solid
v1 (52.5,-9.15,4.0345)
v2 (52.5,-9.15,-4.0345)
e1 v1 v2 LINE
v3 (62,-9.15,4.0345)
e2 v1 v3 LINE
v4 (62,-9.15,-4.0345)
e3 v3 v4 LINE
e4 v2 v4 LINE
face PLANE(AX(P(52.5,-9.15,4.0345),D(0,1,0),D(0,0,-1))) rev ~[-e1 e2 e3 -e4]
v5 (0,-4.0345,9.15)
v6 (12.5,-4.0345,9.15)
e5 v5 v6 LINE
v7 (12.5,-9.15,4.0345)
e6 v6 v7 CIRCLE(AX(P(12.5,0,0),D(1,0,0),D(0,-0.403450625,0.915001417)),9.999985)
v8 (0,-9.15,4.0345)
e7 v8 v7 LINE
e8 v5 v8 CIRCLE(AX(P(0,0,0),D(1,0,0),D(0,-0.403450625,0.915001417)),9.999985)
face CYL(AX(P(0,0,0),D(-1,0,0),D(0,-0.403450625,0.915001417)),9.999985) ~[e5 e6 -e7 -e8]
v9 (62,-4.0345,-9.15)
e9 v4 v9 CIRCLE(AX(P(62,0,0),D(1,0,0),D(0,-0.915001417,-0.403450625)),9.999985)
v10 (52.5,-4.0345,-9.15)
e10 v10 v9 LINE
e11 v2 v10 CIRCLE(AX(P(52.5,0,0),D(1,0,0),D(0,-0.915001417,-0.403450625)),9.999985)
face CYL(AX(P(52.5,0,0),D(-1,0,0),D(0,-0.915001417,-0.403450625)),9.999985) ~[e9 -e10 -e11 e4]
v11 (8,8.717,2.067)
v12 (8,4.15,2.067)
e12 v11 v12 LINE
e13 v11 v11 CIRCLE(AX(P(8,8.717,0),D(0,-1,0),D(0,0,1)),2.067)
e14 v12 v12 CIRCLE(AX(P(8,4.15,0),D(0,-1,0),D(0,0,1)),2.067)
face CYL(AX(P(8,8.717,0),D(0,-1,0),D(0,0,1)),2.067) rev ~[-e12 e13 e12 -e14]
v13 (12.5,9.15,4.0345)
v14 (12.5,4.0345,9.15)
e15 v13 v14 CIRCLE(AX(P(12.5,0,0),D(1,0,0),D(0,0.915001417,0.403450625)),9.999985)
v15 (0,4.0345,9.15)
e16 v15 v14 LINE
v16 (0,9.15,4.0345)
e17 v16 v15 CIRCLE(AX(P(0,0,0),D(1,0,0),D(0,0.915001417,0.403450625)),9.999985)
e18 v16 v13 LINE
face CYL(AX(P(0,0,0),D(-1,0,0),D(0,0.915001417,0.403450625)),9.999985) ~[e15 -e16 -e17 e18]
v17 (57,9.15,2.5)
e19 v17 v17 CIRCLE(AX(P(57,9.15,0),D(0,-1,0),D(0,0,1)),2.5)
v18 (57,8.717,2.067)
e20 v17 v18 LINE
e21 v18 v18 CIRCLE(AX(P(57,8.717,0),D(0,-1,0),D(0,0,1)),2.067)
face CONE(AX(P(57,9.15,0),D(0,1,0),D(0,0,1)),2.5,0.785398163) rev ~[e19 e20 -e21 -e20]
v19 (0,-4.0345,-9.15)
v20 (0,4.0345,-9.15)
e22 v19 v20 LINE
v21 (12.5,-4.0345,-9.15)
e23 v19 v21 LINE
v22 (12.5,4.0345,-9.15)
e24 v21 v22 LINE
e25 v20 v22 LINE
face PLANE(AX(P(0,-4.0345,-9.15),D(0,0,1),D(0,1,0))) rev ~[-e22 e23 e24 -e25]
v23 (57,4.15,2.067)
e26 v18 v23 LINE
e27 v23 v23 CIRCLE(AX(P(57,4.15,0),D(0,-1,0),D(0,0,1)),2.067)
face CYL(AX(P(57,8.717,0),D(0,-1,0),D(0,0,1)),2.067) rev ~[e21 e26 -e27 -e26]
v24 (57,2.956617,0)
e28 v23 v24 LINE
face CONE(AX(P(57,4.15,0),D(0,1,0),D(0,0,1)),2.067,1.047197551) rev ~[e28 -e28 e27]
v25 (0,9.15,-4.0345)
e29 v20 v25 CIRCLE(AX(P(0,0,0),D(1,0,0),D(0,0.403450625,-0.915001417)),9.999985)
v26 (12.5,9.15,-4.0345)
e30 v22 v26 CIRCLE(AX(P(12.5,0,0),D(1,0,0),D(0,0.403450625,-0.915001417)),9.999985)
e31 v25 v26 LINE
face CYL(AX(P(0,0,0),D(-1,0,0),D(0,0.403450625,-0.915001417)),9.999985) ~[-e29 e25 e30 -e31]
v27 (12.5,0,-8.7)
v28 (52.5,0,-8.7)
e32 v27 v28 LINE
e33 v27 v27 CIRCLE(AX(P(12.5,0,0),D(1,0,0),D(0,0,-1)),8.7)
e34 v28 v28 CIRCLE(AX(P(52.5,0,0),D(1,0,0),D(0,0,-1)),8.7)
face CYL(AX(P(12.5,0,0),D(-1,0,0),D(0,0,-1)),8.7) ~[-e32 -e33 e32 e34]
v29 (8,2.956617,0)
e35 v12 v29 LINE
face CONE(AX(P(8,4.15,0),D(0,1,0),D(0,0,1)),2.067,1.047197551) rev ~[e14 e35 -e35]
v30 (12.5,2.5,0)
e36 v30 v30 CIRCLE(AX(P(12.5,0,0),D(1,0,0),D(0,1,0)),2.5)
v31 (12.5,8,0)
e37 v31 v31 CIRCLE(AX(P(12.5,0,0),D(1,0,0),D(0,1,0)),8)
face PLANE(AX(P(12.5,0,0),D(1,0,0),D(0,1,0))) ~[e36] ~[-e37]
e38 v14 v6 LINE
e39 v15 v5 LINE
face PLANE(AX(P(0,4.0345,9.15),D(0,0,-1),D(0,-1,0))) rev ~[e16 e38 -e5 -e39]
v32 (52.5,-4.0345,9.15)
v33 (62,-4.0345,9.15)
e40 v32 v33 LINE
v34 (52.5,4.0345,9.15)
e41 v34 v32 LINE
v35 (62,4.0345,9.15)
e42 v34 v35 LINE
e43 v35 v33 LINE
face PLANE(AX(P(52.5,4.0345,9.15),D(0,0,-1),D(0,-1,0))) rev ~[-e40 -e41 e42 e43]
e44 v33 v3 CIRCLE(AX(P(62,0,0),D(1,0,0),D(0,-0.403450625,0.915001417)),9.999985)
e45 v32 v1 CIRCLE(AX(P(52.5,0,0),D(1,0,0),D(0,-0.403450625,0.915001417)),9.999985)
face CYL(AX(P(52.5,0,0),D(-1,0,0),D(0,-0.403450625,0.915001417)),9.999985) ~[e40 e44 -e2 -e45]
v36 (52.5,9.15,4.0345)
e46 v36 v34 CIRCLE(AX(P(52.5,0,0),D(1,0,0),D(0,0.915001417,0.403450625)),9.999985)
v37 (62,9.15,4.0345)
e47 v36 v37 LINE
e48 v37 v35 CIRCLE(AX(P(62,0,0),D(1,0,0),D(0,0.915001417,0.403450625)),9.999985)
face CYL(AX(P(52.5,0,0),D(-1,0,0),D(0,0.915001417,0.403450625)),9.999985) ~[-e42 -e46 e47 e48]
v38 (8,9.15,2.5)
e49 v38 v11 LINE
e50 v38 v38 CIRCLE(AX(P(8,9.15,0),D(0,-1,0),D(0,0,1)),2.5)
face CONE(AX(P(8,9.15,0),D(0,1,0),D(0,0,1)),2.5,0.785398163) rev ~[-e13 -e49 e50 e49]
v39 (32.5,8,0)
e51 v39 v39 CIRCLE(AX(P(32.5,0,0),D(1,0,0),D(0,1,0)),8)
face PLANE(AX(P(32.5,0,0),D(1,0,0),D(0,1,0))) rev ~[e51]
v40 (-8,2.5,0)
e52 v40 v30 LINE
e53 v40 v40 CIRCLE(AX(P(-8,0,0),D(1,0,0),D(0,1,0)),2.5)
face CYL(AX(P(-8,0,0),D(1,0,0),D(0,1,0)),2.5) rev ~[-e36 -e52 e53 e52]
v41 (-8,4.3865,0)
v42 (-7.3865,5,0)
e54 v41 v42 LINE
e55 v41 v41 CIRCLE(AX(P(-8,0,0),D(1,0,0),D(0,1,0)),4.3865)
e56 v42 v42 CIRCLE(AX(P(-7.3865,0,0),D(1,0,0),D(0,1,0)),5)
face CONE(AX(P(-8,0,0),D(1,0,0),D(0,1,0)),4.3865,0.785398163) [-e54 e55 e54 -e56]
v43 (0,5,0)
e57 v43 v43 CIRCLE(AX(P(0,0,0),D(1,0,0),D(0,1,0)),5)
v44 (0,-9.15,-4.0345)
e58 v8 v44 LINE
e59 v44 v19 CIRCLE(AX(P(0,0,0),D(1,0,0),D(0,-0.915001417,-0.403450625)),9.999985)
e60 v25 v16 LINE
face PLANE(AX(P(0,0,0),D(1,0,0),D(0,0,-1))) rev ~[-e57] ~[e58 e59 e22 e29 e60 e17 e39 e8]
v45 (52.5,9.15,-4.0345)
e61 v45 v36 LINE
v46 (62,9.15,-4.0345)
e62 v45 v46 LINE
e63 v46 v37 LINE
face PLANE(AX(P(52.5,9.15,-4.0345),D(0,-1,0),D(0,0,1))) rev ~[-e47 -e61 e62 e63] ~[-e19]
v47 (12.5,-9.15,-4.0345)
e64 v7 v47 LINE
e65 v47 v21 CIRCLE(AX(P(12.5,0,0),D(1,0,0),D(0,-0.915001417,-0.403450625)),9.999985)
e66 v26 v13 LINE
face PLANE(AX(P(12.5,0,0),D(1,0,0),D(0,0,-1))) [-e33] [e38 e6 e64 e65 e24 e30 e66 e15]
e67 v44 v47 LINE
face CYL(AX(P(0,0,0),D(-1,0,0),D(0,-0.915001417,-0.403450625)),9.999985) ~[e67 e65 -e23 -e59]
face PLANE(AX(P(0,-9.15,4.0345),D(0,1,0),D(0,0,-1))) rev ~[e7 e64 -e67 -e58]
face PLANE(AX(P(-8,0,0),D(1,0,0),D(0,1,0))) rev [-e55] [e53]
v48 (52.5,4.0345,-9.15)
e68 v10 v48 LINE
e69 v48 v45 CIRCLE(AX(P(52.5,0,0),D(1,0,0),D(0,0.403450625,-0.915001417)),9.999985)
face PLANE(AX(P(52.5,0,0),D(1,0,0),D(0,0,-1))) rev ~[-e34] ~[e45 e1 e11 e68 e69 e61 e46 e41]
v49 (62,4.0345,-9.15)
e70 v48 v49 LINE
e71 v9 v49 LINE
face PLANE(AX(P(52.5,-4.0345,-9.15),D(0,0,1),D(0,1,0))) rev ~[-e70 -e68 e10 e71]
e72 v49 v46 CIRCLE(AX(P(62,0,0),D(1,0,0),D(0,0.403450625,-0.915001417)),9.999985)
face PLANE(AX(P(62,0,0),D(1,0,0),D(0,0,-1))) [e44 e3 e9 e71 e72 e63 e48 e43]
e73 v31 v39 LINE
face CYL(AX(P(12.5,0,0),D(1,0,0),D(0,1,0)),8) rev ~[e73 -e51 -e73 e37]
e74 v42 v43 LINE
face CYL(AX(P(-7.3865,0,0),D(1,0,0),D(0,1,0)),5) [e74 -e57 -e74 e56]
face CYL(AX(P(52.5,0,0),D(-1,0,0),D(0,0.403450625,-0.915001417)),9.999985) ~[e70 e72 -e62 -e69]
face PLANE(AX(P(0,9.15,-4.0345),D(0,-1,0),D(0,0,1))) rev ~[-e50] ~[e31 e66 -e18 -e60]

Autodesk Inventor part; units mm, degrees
sketch "Sketch_8" plane through (0, 0, 0) normal (0, 0, 1) x (1, 0, 0)
  line L0 (0, 0) -> (-8, 0)
  line L1 (-8, 0) -> (-8, 4.3865)
  line L2 (-8, 4.3865) -> (-7.3865, 5)
  line L3 (-7.3865, 5) -> (0, 5)
  line L4 (0, 5) -> (0, 0)
  line L5 (0, 0) -> (-8, 0)
revolve "Revolution1" add sketch "Sketch_8" angle 360 about axis through (0, 0, 0) along (1, 0, 0)
thread "Thread1" size "M10x1" class "6g" standard "ISO Metric profile" length 5.8865
sketch "Sketch_9" plane through (0, 0, 0) normal (1, 0, 0) x (0, 0, -1)
  line L0 (-9.15, 4.0345) -> (-9.15, -4.0345)
  arc A0 (-9.15, -4.0345) -> (-4.0345, -9.15) centre (0, 0) ccw
  line L1 (-4.0345, -9.15) -> (4.0345, -9.15)
  arc A1 (4.0345, -9.15) -> (9.15, -4.0345) centre (0, 0) ccw
  line L2 (9.15, -4.0345) -> (9.15, 4.0345)
  arc A2 (9.15, 4.0345) -> (4.0345, 9.15) centre (0, 0) ccw
  line L3 (4.0345, 9.15) -> (-4.0345, 9.15)
  arc A3 (-4.0345, 9.15) -> (-9.15, 4.0345) centre (0, 0) ccw
extrude "Extrusion1" add sketch "Sketch_9" along normal blind 12.5
sketch "Sketch_11" plane through (12.5, 0, 0) normal (1, 0, 0) x (0, 0, -1)
  circle A0 centre (0, 0) radius 8.7
extrude "Extrusion2" add sketch "Sketch_11" along normal blind 40
sketch "Sketch_10" plane through (52.5, 0, 0) normal (1, 0, 0) x (0, 0, -1)
  line L0 (-9.15, 4.0345) -> (-9.15, -4.0345)
  arc A0 (-9.15, -4.0345) -> (-4.0345, -9.15) centre (0, 0) ccw
  line L1 (-4.0345, -9.15) -> (4.0345, -9.15)
  arc A1 (4.0345, -9.15) -> (9.15, -4.0345) centre (0, 0) ccw
  line L2 (9.15, -4.0345) -> (9.15, 4.0345)
  arc A2 (9.15, 4.0345) -> (4.0345, 9.15) centre (0, 0) ccw
  line L3 (4.0345, 9.15) -> (-4.0345, 9.15)
  arc A3 (-4.0345, 9.15) -> (-9.15, 4.0345) centre (0, 0) ccw
extrude "Extrusion3" add sketch "Sketch_10" along normal blind 9.5
sketch "Sketch5" plane through (0, 9.15, 4.0345) normal (0, 1, 0) x (1, 0, 0)
  point P0 (8, 4.0345)
hole "Hole1" at (8, 9.15, 0) direction (0, -1, 0) diameter 4.134 depth 5 tip angle 120 countersink diameter 5 countersink angle 90 thread size "M5x0.8" class "6H" standard "ISO Metric profile"
sketch "Sketch6" plane through (52.5, 9.15, 4.0345) normal (0, 1, 0) x (1, 0, 0)
  point P0 (4.5, 4.0345)
hole "Hole2" at (57, 9.15, 0) direction (0, -1, 0) diameter 4.134 depth 5 tip angle 120 countersink diameter 5 countersink angle 90 thread size "M5x0.8" class "6H" standard "ISO Metric profile"
sketch "Sketch_16" plane through (0, 0, 0) normal (0, 0, 1) x (1, 0, 0)
  line L0 (32.5, 0) -> (-8, 0)
  line L1 (-8, 0) -> (-8, 2.5)
  line L2 (-8, 2.5) -> (12.5, 2.5)
  line L3 (12.5, 2.5) -> (12.5, 8)
  line L4 (12.5, 8) -> (32.5, 8)
  line L5 (32.5, 8) -> (32.5, 0)
  line L6 (32.5, 0) -> (-8, 0)
revolve "Revolution2" cut sketch "Sketch_16" angle 360 about axis through (32.5, 0, 0) along (1, 0, 0)
ref_plane "BODY_N_XY" through (62, 0, 0) normal (0, 0, -1) x (1, 0, 0)
ref_plane "BODY_N_YZ" through (62, 0, 0) normal (1, 0, 0) x (0, -1, 0)
ref_plane "BODY_N_ZX" through (62, 0, 0) normal (0, -1, 0) x (0, 0, -1)
ref_plane "NUT2_XY" through (62, 0, 0) normal (1, 0, 0) x (0, 0, -1)
ref_plane "NUT2_YZ" through (62, 0, 0) normal (0, 0, -1) x (0, 1, 0)
ref_plane "NUT2_ZX" through (62, 0, 0) normal (0, 1, 0) x (1, 0, 0)
ref_plane "SW1_XY" through (19, 0, 0) normal (1, 0, 0) x (0, 0, -1)
ref_plane "SW1_YZ" through (19, 0, 0) normal (0, 0, -1) x (0, 1, 0)
ref_plane "SW1_ZX" through (19, 0, 0) normal (0, 1, 0) x (1, 0, 0)
ref_plane "SW2_XY" through (46, 0, 0) normal (-1, 0, 0) x (0, 0, -1)
ref_plane "SW2_YZ" through (46, 0, 0) normal (0, 0, -1) x (0, -1, 0)
ref_plane "SW2_ZX" through (46, 0, 0) normal (0, -1, 0) x (-1, 0, 0)
ref_plane "SW_R1_XY" through (19, -14.15, 0) normal (1, 0, 0) x (0, 0, -1)
ref_plane "SW_R1_YZ" through (19, -14.15, 0) normal (0, 0, -1) x (0, 1, 0)
ref_plane "SW_R1_ZX" through (19, -14.15, 0) normal (0, 1, 0) x (1, 0, 0)
ref_plane "SW_R2_XY" through (46, -14.15, 0) normal (-1, 0, 0) x (0, 0, -1)
ref_plane "SW_R2_YZ" through (46, -14.15, 0) normal (0, 0, -1) x (0, -1, 0)
ref_plane "SW_R2_ZX" through (46, -14.15, 0) normal (0, -1, 0) x (-1, 0, 0)
ref_plane "body_XY" through (0, 0, 0) normal (-1, 0, 0) x (0, 0, -1)
ref_plane "body_YZ" through (0, 0, 0) normal (0, 0, -1) x (0, -1, 0)
ref_plane "body_ZX" through (0, 0, 0) normal (0, -1, 0) x (-1, 0, 0)
properties part number "CJ2B16-15Z-B(1_0)_BODY"
